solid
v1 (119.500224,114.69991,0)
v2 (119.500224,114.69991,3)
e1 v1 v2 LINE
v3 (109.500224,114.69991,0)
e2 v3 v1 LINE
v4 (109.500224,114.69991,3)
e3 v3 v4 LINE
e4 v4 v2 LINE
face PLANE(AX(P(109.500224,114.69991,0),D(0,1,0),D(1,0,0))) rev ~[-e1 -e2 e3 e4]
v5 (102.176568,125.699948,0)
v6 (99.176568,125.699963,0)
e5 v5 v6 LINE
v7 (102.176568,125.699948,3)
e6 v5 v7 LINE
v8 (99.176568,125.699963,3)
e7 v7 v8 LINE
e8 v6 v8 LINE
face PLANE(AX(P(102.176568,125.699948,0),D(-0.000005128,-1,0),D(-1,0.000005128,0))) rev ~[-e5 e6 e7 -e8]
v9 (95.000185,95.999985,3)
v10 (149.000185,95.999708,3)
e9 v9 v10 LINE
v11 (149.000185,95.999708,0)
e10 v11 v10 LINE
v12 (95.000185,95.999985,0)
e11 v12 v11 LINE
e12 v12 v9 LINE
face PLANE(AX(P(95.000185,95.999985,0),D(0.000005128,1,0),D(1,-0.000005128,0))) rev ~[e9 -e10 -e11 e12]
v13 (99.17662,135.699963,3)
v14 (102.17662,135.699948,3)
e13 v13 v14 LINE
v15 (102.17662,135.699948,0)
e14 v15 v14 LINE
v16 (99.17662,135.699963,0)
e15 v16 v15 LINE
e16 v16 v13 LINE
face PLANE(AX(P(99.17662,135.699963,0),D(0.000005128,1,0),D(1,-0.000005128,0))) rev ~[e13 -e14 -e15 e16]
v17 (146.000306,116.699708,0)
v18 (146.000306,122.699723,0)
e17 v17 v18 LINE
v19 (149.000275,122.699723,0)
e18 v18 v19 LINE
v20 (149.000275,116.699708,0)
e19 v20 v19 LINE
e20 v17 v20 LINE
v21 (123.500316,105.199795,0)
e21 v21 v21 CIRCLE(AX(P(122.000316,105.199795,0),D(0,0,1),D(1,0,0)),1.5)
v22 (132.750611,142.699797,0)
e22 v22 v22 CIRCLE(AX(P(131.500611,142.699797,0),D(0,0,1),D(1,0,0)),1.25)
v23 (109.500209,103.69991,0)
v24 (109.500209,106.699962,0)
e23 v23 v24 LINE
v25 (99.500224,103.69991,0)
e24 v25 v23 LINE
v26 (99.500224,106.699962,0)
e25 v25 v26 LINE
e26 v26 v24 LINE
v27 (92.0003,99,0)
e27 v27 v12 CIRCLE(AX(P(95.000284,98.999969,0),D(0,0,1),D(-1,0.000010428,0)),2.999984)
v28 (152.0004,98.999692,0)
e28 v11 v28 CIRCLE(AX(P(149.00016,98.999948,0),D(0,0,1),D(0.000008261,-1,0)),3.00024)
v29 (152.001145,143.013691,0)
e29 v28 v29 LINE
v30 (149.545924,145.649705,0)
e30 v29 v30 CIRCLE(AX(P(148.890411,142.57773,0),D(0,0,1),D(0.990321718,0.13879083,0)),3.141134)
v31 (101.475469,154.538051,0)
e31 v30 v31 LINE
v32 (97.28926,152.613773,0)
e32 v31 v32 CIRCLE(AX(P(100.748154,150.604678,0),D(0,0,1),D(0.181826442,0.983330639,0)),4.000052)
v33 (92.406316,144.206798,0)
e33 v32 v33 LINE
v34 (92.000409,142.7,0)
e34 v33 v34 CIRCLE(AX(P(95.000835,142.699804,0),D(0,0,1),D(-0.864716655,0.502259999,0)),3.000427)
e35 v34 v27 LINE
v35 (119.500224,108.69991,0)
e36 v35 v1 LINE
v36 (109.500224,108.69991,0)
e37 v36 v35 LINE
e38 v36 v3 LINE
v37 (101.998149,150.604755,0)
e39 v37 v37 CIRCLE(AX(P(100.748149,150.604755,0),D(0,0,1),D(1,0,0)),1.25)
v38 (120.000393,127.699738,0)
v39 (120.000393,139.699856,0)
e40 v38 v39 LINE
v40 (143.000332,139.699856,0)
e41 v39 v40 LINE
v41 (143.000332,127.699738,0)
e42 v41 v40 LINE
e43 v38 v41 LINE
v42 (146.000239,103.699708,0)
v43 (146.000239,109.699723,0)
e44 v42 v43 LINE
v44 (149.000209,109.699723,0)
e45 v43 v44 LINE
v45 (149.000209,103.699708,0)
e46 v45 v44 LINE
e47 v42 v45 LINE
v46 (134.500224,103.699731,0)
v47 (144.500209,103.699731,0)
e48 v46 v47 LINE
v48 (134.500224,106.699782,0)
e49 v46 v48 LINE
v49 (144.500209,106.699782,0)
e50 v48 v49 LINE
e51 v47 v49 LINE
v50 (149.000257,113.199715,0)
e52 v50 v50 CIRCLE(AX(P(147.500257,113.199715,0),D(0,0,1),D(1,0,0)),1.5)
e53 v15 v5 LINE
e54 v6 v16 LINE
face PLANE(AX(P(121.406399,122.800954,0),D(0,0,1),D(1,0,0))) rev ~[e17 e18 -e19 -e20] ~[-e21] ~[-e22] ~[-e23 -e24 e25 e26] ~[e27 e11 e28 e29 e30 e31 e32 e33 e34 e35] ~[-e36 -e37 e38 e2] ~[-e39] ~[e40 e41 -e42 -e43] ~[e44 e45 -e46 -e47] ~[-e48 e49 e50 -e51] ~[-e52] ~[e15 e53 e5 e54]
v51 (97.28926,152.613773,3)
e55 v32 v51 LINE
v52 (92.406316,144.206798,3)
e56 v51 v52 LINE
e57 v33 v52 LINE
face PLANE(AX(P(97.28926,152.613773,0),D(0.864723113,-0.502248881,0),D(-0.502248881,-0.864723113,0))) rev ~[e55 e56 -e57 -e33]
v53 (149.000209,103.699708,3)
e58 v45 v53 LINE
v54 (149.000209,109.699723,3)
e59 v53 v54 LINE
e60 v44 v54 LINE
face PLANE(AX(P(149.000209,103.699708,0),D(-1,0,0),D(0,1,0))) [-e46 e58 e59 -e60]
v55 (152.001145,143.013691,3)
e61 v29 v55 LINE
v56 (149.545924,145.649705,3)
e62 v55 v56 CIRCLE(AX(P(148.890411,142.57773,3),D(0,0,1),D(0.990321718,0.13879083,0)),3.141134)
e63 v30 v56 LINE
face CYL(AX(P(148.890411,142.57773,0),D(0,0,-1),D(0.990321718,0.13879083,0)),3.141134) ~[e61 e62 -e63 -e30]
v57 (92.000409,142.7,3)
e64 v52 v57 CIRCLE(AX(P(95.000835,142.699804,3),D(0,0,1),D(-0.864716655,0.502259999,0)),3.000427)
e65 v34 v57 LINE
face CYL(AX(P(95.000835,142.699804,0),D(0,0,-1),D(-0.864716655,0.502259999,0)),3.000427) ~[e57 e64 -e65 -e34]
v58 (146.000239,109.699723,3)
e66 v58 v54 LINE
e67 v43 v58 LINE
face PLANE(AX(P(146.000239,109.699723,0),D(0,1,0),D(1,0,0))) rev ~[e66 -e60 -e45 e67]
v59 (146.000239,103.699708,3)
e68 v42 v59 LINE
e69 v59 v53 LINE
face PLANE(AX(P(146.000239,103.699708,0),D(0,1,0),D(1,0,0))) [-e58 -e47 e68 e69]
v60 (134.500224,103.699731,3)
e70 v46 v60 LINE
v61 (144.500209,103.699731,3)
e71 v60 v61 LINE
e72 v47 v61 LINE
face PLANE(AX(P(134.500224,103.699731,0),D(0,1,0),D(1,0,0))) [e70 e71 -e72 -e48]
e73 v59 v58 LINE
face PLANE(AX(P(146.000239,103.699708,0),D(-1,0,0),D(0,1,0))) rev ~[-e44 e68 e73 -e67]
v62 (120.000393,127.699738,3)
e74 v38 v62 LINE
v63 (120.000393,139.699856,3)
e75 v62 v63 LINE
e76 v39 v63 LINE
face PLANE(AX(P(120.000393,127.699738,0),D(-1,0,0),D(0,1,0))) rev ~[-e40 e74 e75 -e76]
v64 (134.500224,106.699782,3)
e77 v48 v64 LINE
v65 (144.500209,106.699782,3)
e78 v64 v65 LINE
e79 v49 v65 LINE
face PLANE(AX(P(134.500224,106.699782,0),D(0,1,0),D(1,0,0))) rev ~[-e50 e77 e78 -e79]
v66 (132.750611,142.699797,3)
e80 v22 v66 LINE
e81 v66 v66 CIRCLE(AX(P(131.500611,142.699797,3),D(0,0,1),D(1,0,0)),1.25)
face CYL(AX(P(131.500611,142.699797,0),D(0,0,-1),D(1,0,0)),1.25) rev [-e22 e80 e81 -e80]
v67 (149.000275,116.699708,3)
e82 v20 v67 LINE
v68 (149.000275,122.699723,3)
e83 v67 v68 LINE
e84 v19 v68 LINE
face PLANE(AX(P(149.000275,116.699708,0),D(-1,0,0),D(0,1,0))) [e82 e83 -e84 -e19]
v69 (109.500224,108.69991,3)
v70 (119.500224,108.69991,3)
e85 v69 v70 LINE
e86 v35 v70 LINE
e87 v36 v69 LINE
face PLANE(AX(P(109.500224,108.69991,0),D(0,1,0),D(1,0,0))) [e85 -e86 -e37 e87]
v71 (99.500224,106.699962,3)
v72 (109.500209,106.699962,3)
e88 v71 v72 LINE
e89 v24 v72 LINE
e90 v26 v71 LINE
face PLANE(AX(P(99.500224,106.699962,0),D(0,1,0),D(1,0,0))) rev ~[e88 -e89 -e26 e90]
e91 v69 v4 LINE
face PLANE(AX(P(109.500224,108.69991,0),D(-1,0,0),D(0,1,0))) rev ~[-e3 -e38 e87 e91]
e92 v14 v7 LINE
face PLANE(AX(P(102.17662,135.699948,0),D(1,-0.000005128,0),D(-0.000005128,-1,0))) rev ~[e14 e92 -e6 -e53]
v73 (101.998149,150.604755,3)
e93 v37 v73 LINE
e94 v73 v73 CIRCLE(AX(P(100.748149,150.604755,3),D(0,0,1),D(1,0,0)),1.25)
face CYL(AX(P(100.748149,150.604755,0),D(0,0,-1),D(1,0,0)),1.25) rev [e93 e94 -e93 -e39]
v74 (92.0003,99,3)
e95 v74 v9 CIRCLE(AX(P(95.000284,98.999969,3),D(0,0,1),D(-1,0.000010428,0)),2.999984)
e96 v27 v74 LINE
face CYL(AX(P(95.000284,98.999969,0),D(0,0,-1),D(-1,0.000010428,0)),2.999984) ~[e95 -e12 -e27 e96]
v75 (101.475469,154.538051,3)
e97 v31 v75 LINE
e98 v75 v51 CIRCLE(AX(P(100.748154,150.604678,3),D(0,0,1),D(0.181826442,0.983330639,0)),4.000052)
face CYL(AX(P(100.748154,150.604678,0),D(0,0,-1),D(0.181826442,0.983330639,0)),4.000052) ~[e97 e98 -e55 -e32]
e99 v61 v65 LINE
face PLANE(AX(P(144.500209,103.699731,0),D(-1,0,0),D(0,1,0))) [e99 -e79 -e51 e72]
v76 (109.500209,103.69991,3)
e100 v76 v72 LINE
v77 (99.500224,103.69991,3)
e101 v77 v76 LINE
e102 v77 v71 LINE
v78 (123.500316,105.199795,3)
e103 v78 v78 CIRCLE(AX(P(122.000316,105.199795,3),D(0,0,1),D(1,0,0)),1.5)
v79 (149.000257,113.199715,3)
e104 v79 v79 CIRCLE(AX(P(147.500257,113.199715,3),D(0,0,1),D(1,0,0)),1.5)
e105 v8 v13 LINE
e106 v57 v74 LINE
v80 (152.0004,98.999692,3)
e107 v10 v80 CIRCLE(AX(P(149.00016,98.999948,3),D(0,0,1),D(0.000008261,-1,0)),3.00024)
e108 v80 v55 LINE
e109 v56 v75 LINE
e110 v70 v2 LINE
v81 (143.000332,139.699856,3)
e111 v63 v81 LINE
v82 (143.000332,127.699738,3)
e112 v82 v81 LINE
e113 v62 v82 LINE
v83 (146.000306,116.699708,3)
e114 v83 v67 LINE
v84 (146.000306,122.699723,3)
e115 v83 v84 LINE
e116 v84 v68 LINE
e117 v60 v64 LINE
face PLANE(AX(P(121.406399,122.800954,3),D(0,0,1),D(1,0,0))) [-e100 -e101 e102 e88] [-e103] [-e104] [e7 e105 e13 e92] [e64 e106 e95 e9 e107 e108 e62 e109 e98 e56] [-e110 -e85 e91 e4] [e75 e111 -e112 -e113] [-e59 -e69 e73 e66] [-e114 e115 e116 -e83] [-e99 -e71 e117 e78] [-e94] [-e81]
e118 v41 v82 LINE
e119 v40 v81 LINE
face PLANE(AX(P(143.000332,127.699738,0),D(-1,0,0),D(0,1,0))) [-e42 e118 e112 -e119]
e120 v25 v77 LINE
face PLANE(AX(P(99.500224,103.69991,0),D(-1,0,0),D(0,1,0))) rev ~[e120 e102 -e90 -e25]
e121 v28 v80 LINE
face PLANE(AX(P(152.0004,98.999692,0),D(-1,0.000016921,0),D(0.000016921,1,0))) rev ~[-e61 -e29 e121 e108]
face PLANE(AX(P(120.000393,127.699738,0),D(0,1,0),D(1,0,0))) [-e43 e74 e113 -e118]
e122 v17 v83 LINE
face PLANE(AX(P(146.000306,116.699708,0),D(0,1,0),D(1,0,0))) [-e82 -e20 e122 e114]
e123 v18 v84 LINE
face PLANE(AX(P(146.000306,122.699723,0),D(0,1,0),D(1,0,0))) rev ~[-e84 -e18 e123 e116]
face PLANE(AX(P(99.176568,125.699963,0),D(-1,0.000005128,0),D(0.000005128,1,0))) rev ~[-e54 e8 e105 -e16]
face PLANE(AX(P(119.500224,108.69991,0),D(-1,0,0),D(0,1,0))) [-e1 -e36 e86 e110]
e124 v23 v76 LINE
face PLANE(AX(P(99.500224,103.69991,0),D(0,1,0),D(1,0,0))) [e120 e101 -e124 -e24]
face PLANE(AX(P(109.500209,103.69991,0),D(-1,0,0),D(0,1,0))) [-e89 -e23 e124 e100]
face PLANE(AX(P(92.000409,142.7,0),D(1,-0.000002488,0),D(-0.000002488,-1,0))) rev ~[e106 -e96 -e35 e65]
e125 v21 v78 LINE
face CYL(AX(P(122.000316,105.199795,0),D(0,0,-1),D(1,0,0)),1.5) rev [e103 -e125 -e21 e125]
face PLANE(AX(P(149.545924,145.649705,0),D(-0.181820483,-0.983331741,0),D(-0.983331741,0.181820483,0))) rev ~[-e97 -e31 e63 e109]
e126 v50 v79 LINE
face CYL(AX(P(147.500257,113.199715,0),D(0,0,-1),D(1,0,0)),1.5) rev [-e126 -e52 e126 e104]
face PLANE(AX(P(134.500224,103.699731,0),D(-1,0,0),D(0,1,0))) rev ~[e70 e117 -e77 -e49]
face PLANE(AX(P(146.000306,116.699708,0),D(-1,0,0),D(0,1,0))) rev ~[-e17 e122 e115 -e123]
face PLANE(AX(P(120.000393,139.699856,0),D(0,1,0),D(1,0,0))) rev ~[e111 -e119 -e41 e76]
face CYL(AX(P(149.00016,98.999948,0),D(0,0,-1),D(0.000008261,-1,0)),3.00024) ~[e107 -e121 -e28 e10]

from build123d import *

# Parameters (mm, degrees)
SKETCH_1_R      = 1.25
SKETCH_1_R_2    = 1.500000002
SKETCH_1_W      = 22.999938461
SKETCH_1_H      = 12.000117949
SKETCH_1_W_2    = 2.999969231
SKETCH_1_H_2    = 6.000015385
SKETCH_1_W_3    = 9.999984615
SKETCH_1_H_3    = 3.000051282
SKETCH_1_W_4    = 10
SKETCH_1_H_4    = 6
SKETCH_1_W_5    = 9.999984616
EXTRUDE_1_DEPTH = 3


with BuildPart() as part:
    # 草圖1 → 填料-伸長1 (new body)
    with BuildSketch(Plane.XY):
        with BuildLine():
            Line((149.545923845, 145.649704894), (101.475469426, 154.53805141))
            ThreePointArc((101.475469426, 154.53805141), (99.077497598, 154.23914087), (97.289259558, 152.613772878))
            Line((97.289259558, 152.613772878), (92.406316445, 144.206797918))
            ThreePointArc((92.406316445, 144.206797918), (92.103687803, 143.480249781), (92.000408718, 142.7))
            Line((92.000408718, 142.7), (92.0003, 99))
            ThreePointArc((92.0003, 99), (92.878928766, 96.87870585), (95.000184615, 95.999984616))
            Line((95.000184615, 95.999984616), (149.000184614, 95.999707693))
            ThreePointArc((149.000184614, 95.999707693), (151.121568411, 96.878376105), (152.000399999, 98.999692307))
            Line((152.000399999, 98.999692307), (152.001144765, 143.013690924))
            ThreePointArc((152.001144765, 143.013690924), (151.188953144, 144.718624927), (149.545923845, 145.649704894))
        make_face()
        with Locations((131.500611289, 142.699797442)):
            Circle(SKETCH_1_R, mode=Mode.SUBTRACT)
        with Locations((147.500257437, 113.199715383)):
            Circle(SKETCH_1_R_2, mode=Mode.SUBTRACT)
        with Locations((122.000316411, 105.199794873)):
            Circle(SKETCH_1_R_2, mode=Mode.SUBTRACT)
        with Locations((100.748149255, 150.60475514)):
            Circle(SKETCH_1_R, mode=Mode.SUBTRACT)
        Polygon((102.176568231, 125.699947814), (99.176568231, 125.699963199), (99.176619513, 135.699963199), (102.176619513, 135.699947814), align=None, mode=Mode.SUBTRACT)
        with Locations((131.500362564, 133.699797435)):
            Rectangle(SKETCH_1_W, SKETCH_1_H, mode=Mode.SUBTRACT)
        with Locations((147.500290769, 119.699715384)):
            Rectangle(SKETCH_1_W_2, SKETCH_1_H_2, mode=Mode.SUBTRACT)
        with Locations((139.50021641, 105.19975641)):
            Rectangle(SKETCH_1_W_3, SKETCH_1_H_3, mode=Mode.SUBTRACT)
        with Locations((147.500224102, 106.699715384)):
            Rectangle(SKETCH_1_W_2, SKETCH_1_H_2, mode=Mode.SUBTRACT)
        with Locations((114.500224102, 111.699910257)):
            Rectangle(SKETCH_1_W_4, SKETCH_1_H_4, mode=Mode.SUBTRACT)
        with Locations((104.50021641, 105.199935898)):
            Rectangle(SKETCH_1_W_5, SKETCH_1_H_3, mode=Mode.SUBTRACT)
    extrude(amount=EXTRUDE_1_DEPTH)


solid = part.part
